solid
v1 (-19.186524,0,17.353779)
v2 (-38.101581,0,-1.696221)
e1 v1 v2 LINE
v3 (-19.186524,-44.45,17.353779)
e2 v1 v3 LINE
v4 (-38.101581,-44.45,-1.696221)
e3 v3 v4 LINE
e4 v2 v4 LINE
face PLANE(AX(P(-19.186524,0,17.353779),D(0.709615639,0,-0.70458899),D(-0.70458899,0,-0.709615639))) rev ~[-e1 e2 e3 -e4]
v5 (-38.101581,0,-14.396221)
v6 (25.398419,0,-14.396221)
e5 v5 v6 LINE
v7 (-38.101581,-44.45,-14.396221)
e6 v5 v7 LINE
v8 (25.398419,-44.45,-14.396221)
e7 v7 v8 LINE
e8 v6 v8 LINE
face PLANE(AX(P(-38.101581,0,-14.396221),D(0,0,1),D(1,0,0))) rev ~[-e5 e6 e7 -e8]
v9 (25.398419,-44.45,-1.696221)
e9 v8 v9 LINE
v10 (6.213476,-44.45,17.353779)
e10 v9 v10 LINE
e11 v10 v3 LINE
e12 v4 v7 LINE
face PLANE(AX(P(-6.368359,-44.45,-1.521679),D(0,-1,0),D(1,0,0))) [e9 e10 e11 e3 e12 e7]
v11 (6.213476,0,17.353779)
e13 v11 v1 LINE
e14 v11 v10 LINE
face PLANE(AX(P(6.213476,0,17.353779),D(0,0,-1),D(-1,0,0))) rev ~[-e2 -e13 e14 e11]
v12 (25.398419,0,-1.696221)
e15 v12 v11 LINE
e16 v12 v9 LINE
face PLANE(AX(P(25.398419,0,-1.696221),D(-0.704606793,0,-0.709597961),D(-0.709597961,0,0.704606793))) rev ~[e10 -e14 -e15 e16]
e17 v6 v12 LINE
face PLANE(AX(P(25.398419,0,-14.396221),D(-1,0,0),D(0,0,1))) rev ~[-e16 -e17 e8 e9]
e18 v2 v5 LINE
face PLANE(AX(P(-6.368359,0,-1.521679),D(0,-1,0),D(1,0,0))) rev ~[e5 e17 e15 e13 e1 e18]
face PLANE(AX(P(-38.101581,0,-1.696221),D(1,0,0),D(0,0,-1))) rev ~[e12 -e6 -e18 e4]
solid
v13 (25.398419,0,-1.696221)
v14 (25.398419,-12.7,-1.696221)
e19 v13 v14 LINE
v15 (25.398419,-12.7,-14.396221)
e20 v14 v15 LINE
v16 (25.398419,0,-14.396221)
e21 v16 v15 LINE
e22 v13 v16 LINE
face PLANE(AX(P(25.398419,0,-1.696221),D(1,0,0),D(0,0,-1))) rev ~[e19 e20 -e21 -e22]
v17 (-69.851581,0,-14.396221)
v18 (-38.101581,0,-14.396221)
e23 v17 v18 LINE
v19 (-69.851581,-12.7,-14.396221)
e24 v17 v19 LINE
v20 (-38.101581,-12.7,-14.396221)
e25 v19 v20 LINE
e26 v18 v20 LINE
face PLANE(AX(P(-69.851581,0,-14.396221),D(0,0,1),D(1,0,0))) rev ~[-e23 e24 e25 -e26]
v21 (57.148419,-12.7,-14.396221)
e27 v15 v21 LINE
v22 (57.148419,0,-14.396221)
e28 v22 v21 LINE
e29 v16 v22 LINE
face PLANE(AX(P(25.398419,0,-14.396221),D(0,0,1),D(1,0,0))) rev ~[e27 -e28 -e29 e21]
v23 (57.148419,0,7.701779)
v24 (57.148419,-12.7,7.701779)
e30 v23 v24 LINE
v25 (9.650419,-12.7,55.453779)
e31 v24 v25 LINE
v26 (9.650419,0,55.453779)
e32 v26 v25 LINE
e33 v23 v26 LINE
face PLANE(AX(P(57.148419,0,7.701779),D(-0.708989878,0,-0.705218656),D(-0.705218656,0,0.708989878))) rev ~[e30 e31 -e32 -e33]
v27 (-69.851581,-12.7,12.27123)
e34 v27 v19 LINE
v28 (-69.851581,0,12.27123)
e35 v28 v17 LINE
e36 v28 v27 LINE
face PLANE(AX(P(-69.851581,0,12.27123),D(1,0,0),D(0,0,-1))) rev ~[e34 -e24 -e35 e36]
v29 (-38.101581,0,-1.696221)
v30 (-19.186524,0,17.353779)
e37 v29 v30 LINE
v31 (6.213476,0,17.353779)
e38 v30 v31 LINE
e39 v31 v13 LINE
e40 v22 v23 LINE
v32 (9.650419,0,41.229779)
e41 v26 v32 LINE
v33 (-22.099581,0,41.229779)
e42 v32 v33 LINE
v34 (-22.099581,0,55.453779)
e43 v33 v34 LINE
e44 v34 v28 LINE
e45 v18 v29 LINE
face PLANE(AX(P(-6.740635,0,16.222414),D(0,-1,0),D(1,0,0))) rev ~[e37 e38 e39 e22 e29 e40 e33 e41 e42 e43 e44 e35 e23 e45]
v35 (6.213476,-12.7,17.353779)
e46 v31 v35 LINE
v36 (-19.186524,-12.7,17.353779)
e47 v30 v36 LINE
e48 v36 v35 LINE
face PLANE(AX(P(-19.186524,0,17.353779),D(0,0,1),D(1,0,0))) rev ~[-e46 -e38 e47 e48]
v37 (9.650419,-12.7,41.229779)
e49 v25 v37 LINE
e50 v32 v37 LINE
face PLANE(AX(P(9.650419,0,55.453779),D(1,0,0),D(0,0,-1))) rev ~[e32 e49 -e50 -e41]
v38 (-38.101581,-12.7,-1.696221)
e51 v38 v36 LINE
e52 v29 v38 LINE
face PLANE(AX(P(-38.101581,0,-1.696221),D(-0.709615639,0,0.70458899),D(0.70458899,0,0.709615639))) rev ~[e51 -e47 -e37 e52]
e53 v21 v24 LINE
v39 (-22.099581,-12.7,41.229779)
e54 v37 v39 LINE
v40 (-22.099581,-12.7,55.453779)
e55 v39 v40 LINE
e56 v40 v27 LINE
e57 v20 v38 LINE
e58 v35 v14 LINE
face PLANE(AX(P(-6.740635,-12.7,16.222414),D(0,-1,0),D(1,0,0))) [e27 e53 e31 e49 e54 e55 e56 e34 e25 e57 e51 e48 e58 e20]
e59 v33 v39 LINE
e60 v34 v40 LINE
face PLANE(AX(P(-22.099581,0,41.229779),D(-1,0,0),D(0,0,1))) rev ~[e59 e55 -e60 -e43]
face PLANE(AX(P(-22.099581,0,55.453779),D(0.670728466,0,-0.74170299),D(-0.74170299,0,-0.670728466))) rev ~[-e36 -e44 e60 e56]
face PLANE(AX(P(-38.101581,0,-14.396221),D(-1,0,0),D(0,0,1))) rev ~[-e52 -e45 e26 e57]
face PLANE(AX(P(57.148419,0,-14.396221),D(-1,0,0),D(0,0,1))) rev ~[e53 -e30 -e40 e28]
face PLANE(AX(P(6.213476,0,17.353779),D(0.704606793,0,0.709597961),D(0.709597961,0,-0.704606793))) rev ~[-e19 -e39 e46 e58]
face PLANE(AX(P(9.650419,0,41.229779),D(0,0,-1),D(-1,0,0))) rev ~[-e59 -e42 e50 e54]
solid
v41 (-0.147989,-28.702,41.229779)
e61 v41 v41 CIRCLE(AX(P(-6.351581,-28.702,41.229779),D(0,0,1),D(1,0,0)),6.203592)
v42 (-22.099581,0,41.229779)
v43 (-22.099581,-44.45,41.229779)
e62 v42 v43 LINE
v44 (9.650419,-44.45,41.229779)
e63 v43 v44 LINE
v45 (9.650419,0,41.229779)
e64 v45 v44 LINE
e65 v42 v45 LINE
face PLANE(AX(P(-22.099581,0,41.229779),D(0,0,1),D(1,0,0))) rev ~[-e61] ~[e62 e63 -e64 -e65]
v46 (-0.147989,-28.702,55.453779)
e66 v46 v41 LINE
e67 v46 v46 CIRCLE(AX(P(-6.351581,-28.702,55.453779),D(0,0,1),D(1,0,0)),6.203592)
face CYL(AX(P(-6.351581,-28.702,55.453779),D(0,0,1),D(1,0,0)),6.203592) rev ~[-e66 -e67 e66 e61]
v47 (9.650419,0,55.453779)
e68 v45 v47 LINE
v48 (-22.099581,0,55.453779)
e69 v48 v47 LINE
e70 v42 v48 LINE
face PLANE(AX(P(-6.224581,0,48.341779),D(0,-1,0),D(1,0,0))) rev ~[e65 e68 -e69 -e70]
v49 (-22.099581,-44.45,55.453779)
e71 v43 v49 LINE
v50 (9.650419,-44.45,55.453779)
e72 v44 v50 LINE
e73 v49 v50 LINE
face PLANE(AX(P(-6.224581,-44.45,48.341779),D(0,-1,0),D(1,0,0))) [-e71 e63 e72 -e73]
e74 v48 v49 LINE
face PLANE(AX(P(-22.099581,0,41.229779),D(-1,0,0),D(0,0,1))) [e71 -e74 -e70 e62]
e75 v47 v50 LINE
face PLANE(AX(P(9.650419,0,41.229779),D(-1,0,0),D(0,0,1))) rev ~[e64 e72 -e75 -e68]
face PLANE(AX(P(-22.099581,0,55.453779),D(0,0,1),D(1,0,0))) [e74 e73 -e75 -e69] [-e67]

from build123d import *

# Parameters (mm, degrees)
F0_W     = 31.75
F0_H     = 14.224
F1_DEPTH = 44.45
F2_DEPTH = 12.7
F3_R     = 6.203592
F4_DEPTH = 25.4


with BuildPart() as f1:
    # F0 (on Front) → F1 (new body)
    with BuildSketch(Plane.XZ):
        Polygon((-38.101581, -1.696221), (-38.101581, -14.396221), (25.398419, -14.396221), (25.398419, -1.696221), (6.213476, 17.353779), (-19.186524, 17.353779), align=None)
        with Locations((-6.224581, 48.341779)):
            Rectangle(F0_W, F0_H)
    extrude(amount=F1_DEPTH)

    # F3 (on face) → F4 (cut)
    with BuildSketch(Plane.XY.offset(55.453779)):
        with Locations((-6.351581, -28.702)):
            Circle(F3_R)
    extrude(amount=-F4_DEPTH, mode=Mode.SUBTRACT)


with BuildPart() as f2:
    # F0 (on Front) → F2 (new body)
    with BuildSketch(Plane.XZ):
        Polygon((-22.099581, 55.453779), (-69.851581, 12.27123), (-69.851581, -14.396221), (-38.101581, -14.396221), (-38.101581, -1.696221), (-19.186524, 17.353779), (6.213476, 17.353779), (25.398419, -1.696221), (25.398419, -14.396221), (57.148419, -14.396221), (57.148419, 7.701779), (9.650419, 55.453779), (9.650419, 41.229779), (-22.099581, 41.229779), align=None)
    extrude(amount=F2_DEPTH)


solid = Compound([f1.part, f2.part])
